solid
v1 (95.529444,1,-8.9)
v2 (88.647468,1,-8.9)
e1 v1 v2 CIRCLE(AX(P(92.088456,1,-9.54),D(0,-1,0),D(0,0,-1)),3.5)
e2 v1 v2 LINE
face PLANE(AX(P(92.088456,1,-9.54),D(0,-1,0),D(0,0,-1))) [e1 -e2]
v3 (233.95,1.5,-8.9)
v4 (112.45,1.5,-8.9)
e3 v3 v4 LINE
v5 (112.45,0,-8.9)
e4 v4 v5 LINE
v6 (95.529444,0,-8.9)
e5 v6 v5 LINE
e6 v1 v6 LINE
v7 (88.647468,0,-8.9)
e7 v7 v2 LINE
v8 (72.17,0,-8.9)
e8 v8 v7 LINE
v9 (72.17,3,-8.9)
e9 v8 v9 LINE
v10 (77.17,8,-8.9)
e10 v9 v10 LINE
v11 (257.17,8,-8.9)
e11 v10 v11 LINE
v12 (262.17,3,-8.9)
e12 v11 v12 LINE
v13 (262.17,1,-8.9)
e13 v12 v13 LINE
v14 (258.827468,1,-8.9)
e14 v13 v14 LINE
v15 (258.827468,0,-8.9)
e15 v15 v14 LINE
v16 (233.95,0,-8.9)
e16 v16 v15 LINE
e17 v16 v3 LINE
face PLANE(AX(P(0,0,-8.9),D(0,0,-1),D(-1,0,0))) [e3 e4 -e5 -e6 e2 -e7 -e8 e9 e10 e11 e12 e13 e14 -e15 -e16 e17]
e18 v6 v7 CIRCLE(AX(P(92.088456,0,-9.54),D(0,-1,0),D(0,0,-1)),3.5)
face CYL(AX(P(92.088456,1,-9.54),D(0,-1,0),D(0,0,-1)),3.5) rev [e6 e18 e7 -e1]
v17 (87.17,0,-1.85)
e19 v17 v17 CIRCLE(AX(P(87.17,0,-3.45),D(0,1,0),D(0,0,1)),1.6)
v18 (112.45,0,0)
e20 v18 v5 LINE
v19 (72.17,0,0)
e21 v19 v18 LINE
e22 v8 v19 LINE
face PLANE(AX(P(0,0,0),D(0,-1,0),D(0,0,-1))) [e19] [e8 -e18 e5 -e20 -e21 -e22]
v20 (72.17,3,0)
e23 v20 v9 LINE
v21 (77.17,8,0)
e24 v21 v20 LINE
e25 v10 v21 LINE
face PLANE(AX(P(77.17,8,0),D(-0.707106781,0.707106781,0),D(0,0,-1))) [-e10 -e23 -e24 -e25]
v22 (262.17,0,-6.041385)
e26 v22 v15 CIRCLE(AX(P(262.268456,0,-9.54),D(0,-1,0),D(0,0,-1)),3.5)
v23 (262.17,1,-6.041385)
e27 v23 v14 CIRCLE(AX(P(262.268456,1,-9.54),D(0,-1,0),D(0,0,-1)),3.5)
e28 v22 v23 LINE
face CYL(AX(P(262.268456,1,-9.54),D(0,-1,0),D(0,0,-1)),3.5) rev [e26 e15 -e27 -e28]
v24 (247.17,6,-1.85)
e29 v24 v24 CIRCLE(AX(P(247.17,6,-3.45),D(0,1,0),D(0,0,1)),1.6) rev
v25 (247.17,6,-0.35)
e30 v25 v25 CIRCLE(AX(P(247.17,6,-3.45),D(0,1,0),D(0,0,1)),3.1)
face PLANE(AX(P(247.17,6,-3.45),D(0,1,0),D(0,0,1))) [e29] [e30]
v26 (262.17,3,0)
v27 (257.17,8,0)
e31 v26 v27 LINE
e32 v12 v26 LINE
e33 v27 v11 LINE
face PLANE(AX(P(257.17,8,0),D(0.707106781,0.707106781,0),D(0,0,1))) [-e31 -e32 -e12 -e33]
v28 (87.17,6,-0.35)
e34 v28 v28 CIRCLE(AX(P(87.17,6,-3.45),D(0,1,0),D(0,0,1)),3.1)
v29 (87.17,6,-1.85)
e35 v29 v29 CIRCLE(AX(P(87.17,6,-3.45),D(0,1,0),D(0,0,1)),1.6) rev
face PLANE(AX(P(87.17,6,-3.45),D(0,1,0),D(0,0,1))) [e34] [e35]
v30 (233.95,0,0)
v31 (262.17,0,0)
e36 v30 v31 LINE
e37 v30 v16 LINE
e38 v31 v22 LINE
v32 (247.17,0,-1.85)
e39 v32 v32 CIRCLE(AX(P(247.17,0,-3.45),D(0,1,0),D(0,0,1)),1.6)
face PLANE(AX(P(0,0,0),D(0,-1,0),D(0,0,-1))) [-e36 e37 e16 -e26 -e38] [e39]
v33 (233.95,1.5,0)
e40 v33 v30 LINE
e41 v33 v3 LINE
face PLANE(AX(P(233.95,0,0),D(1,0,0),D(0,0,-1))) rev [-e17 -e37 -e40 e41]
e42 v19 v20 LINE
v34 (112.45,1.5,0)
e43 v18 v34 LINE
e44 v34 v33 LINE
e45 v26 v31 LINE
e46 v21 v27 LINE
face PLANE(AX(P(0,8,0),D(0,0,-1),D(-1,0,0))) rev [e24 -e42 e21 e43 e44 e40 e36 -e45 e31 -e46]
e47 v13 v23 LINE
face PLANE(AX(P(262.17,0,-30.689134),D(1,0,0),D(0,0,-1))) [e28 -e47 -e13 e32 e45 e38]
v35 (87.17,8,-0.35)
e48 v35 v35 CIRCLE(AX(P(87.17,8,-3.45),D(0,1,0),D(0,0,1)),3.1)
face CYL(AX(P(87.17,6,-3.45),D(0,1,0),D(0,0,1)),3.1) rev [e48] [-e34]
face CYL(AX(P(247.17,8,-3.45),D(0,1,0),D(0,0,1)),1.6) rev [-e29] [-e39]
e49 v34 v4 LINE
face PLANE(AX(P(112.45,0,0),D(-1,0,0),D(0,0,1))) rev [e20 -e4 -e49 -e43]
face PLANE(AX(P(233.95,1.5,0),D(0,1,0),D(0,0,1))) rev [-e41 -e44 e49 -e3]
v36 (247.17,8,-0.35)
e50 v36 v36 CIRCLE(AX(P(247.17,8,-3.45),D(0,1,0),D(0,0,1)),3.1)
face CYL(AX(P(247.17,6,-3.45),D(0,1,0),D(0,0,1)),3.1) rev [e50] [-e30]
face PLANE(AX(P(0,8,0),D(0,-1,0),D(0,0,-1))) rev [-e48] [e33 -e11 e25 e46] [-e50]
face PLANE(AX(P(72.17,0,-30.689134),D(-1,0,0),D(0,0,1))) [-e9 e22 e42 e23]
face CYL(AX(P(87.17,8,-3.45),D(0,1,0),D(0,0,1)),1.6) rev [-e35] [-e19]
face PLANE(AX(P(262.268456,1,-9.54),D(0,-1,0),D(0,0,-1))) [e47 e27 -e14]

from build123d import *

# Parameters (mm, degrees)
SKETCH_1_W              = 337.35
SKETCH_1_H              = 116.87
SKETCH_1_W_2            = 324.05
SKETCH_1_H_2            = 103.07
EXTRUDE_1_DEPTH         = 8
FILLET_1_R              = 5
HOLE_WIZARD_3_2_3_2_1_D = 3.2
SKETCH_5_W              = 32
SKETCH_5_H              = 1.5
CUT_EXTRUDE_1_DEPTH     = 355.911853
EXTRUDE_2_REACH         = 356.912
SKETCH_6_W              = 3
SKETCH_6_H              = 8
SKETCH_7_W              = 257.05
SKETCH_7_H              = 8
EXTRUDE_3_DEPTH         = 4
SKETCH_8_W              = 257.05
SKETCH_8_H              = 4
EXTRUDE_4_DEPTH         = 3
SKETCH_11_W             = 99.07
SKETCH_11_H             = 11
EXTRUDE_5_DEPTH         = 2
SKETCH_13_W             = 42
SKETCH_13_H             = 4.5
CUT_EXTRUDE_2_DEPTH     = 354.692894189
SKETCH_14_W             = 121.5
SKETCH_14_H             = 1.5
CUT_EXTRUDE_3_DEPTH     = 355.911853
SKETCH_16_W             = 32
SKETCH_16_H             = 6.5
EXTRUDE_7_DEPTH         = 4
SKETCH_17_W             = 103.07
SKETCH_17_H             = 3
CUT_EXTRUDE_4_DEPTH     = 0.1
EXTRUDE_8_DEPTH         = 2
SKETCH_19_W             = 70.55
SKETCH_19_H             = 2
SKETCH_19_W_2           = 95
EXTRUDE_9_DEPTH         = 3
SKETCH_20_R             = 3.5
CUT_EXTRUDE_5_DEPTH     = 4
SKETCH_21_R             = 3.1
CUT_EXTRUDE_6_DEPTH     = 2
EXTRUDE_10_DEPTH        = 2
EXTRUDE_10_DEPTH_BACK   = 3
SKETCH_22_W             = 6
SKETCH_22_H             = 6
SKETCH_22_R             = 1.5
SKETCH_23_W             = 10
SKETCH_23_H             = 1.5
SKETCH_23_W_2           = 15
CUT_EXTRUDE_7_DEPTH     = 6.9
SKETCH_24_W             = 103.07
SKETCH_24_H             = 3
CUT_EXTRUDE_8_DEPTH     = 358.110094229
SKETCH_25_W             = 402.768513644
SKETCH_25_H             = 192.082702388
SKETCH_25_W_2           = 190
SKETCH_25_H_2           = 48.964424343
CUT_EXTRUDE_9_DEPTH     = 358.110094229
CHAMFER_1_SIZE          = 5


with BuildPart() as part:
    # 草图1 → 凸台-拉伸1 (new body)
    with BuildSketch(Plane(origin=(0, 0, 0), x_dir=(1, 0, 0), z_dir=(0, 1, 0))):
        with Locations((168.675, 58.435)):
            Rectangle(SKETCH_1_W, SKETCH_1_H)
        with Locations((168.925, 58.435)):
            Rectangle(SKETCH_1_W_2, SKETCH_1_H_2, mode=Mode.SUBTRACT)
    extrude(amount=EXTRUDE_1_DEPTH)

    # 圆角1
    fillet_1_edges = [part.edges().sort_by_distance(p)[0] for p in [
        (0, 4, -116.87),
        (337.35, 4, -116.87),
        (337.35, 4, 0),
        (0, 4, 0),
    ]]
    fillet(fillet_1_edges, radius=FILLET_1_R)

    # Ø3.2 (3.2) 直径孔1 (through all)
    with Locations(Plane(origin=(0, 8, 0), x_dir=(1, 0, 0), z_dir=(0, 1, 0))):
        with Locations((3.45, 98.435), (87.17, 113.42), (247.17, 113.42), (334.15, 98.435), (334.15, 18.435), (247.17, 3.45), (87.17, 3.45), (3.45, 18.435)):
            Hole(HOLE_WIZARD_3_2_3_2_1_D / 2)

    # 草图5 → 切除-拉伸1 (cut, through all)
    with BuildSketch(Plane.XY.offset(-109.97)):
        with Locations((57.9, 0.75)):
            Rectangle(SKETCH_5_W, SKETCH_5_H)
    extrude(amount=-CUT_EXTRUDE_1_DEPTH, mode=Mode.SUBTRACT)

    # 草图6 → 凸台-拉伸2 (add, up to next)
    with BuildSketch(Plane.XY.offset(-109.97), mode=Mode.PRIVATE) as extrude_2_sk1:
        with Locations((40.4, 4)):
            Rectangle(SKETCH_6_W, SKETCH_6_H)
    extrude_2_tool1 = extrude(extrude_2_sk1.sketch, amount=EXTRUDE_2_REACH, mode=Mode.PRIVATE) - part.part
    add(extrude_2_tool1.solids().sort_by_distance((40.4, 4, -109.97))[0])

    # 草图7 → 凸台-拉伸3 (add)
    with BuildSketch(Plane.XY.offset(-109.97)):
        with Locations((202.425, 4)):
            Rectangle(SKETCH_7_W, SKETCH_7_H)
    extrude(amount=EXTRUDE_3_DEPTH)

    # 草图8 → 凸台-拉伸4 (add)
    with BuildSketch(Plane.XZ):
        with Locations((202.425, -107.97)):
            Rectangle(SKETCH_8_W, SKETCH_8_H)
    extrude(amount=EXTRUDE_4_DEPTH)

    # 草图11 → 凸台-拉伸5 (add)
    with BuildSketch(Plane.ZY.offset(-330.95)):
        with Locations((-56.435, 2.5)):
            Rectangle(SKETCH_11_W, SKETCH_11_H)
    extrude(amount=EXTRUDE_5_DEPTH)

    # 草图13 → 切除-拉伸2 (cut, through all)
    with BuildSketch(Plane.XY.offset(-105.97)):
        with Locations((307.95, -0.75)):
            Rectangle(SKETCH_13_W, SKETCH_13_H)
    extrude(amount=-CUT_EXTRUDE_2_DEPTH, mode=Mode.SUBTRACT)

    # 草图14 → 切除-拉伸3 (cut, through all)
    with BuildSketch(Plane(origin=(0, 0, -6.9), x_dir=(-1, 0, 0), z_dir=(0, 0, -1))):
        with Locations((-173.2, 0.75)):
            Rectangle(SKETCH_14_W, SKETCH_14_H)
    extrude(amount=-CUT_EXTRUDE_3_DEPTH, mode=Mode.SUBTRACT)

    # 草图16 → 凸台-拉伸7 (add)
    with BuildSketch(Plane.XY.offset(-109.97)):
        with Locations((57.9, 4.75)):
            Rectangle(SKETCH_16_W, SKETCH_16_H)
    extrude(amount=EXTRUDE_7_DEPTH)

    # 草图17 → 切除-拉伸4 (cut)
    with BuildSketch(Plane(origin=(330.95, 0, 0), x_dir=(0, 0, -1), z_dir=(1, 0, 0))):
        with Locations((58.435, -1.5)):
            Rectangle(SKETCH_17_W, SKETCH_17_H)
    extrude(amount=-CUT_EXTRUDE_4_DEPTH, mode=Mode.SUBTRACT)

    # 草图18 → 凸台-拉伸8 (add)
    with BuildSketch(Plane(origin=(0, 0, -6.9), x_dir=(-1, 0, 0), z_dir=(0, 0, -1))):
        Polygon((-233.95, 0), (-233.95, 1.5), (-112.45, 1.5), (-112.45, 0), (-41.9, 0), (-41.9, 8), (-328.95, 8), (-328.95, 0), align=None)
    extrude(amount=EXTRUDE_8_DEPTH)

    # 草图19 → 凸台-拉伸9 (add)
    with BuildSketch(Plane.XZ):
        with Locations((77.175, -7.9)):
            Rectangle(SKETCH_19_W, SKETCH_19_H)
        with Locations((281.45, -7.9)):
            Rectangle(SKETCH_19_W_2, SKETCH_19_H)
    extrude(amount=EXTRUDE_9_DEPTH)

    # 草图20 → 切除-拉伸5 (cut)
    with BuildSketch(Plane.XZ.offset(3)):
        with Locations((92.088456012, -9.54)):
            Circle(SKETCH_20_R)
        with Locations((262.268456012, -9.54)):
            Circle(SKETCH_20_R)
        with Locations((328.308456012, -13.35)):
            Circle(SKETCH_20_R)
        with Locations((328.308456012, -74.31)):
            Circle(SKETCH_20_R)
        with Locations((137.808456012, -107.33)):
            Circle(SKETCH_20_R)
        with Locations((22.238456012, -9.54)):
            Circle(SKETCH_20_R)
        with Locations((9.538456012, -23.51)):
            Circle(SKETCH_20_R)
        with Locations((9.538456012, -103.52)):
            Circle(SKETCH_20_R)
    extrude(amount=-CUT_EXTRUDE_5_DEPTH, mode=Mode.SUBTRACT)

    # 草图21 → 切除-拉伸6 (cut)
    with BuildSketch(Plane(origin=(0, 8, 0), x_dir=(1, 0, 0), z_dir=(0, 1, 0))):
        with Locations(Location((87.17, 113.42, 0), (0, 0, 270))):
            Circle(SKETCH_21_R)
        with Locations(Location((247.17, 113.42, 0), (0, 0, 270))):
            Circle(SKETCH_21_R)
        with Locations(Location((334.15, 98.435, 0), (0, 0, 270))):
            Circle(SKETCH_21_R)
        with Locations(Location((334.15, 18.435, 0), (0, 0, 270))):
            Circle(SKETCH_21_R)
        with Locations(Location((247.17, 3.45, 0), (0, 0, 270))):
            Circle(SKETCH_21_R)
        with Locations(Location((87.17, 3.45, 0), (0, 0, 270))):
            Circle(SKETCH_21_R)
        with Locations(Location((3.45, 18.435, 0), (0, 0, 270))):
            Circle(SKETCH_21_R)
        with Locations(Location((3.45, 98.435, 0), (0, 0, 270))):
            Circle(SKETCH_21_R)
    extrude(amount=-CUT_EXTRUDE_6_DEPTH, mode=Mode.SUBTRACT)

    # 草图22 → 凸台-拉伸10 (add, two sides: drawn at the far end of the back side and taken through both)
    # profile 1 of 4: a face of its own
    with BuildSketch(Plane(origin=(0, 4, 0), x_dir=(1, 0, 0), z_dir=(0, 1, 0)).offset(-EXTRUDE_10_DEPTH_BACK)):
        with Locations((9.9, 106.97)):
            Rectangle(SKETCH_22_W, SKETCH_22_H)
        with Locations(Location((9.9, 106.97, 0), (0, 0, 90))):
            Circle(SKETCH_22_R, mode=Mode.SUBTRACT)
    # profile 2 of 4: a face of its own
    with BuildSketch(Plane(origin=(0, 4, 0), x_dir=(1, 0, 0), z_dir=(0, 1, 0)).offset(-EXTRUDE_10_DEPTH_BACK)):
        with Locations((35.9, 106.97)):
            Rectangle(SKETCH_22_W, SKETCH_22_H)
        with Locations(Location((35.9, 106.97, 0), (0, 0, 90))):
            Circle(SKETCH_22_R, mode=Mode.SUBTRACT)
    # profile 3 of 4: a face of its own
    with BuildSketch(Plane(origin=(0, 4, 0), x_dir=(1, 0, 0), z_dir=(0, 1, 0)).offset(-EXTRUDE_10_DEPTH_BACK)):
        with Locations((9.9, 9.9)):
            Rectangle(SKETCH_22_W, SKETCH_22_H)
        with Locations(Location((9.9, 9.9, 0), (0, 0, 90))):
            Circle(SKETCH_22_R, mode=Mode.SUBTRACT)
    # profile 4 of 4: a face of its own
    with BuildSketch(Plane(origin=(0, 4, 0), x_dir=(1, 0, 0), z_dir=(0, 1, 0)).offset(-EXTRUDE_10_DEPTH_BACK)):
        with Locations((35.9, 9.9)):
            Rectangle(SKETCH_22_W, SKETCH_22_H)
        with Locations(Location((35.9, 9.9, 0), (0, 0, 90))):
            Circle(SKETCH_22_R, mode=Mode.SUBTRACT)
    extrude(amount=EXTRUDE_10_DEPTH + EXTRUDE_10_DEPTH_BACK)

    # 草图23 → 切除-拉伸7 (cut)
    with BuildSketch(Plane.ZY):
        with Locations((-63.435, 0.75)):
            Rectangle(SKETCH_23_W, SKETCH_23_H)
        with Locations((-50.935, 0.75)):
            Rectangle(SKETCH_23_W_2, SKETCH_23_H)
    extrude(amount=-CUT_EXTRUDE_7_DEPTH, mode=Mode.SUBTRACT)

    # 草图24 → 切除-拉伸8 (cut, through all)
    with BuildSketch(Plane(origin=(337.35, 0, 0), x_dir=(0, 0, -1), z_dir=(1, 0, 0))):
        with Locations((58.435, -1.5)):
            Rectangle(SKETCH_24_W, SKETCH_24_H)
    extrude(amount=-CUT_EXTRUDE_8_DEPTH, mode=Mode.SUBTRACT)

    # 草图25 → 切除-拉伸9 (cut, through all)
    with BuildSketch(Plane(origin=(0, 8, 0), x_dir=(1, 0, 0), z_dir=(0, 1, 0))):
        with Locations((167.276381716, 50.966242561)):
            Rectangle(SKETCH_25_W, SKETCH_25_H)
        with Locations((167.17, 6.206921893)):
            Rectangle(SKETCH_25_W_2, SKETCH_25_H_2, mode=Mode.SUBTRACT)
    extrude(amount=-CUT_EXTRUDE_9_DEPTH, mode=Mode.SUBTRACT)

    # 倒角1
    chamfer_1_edges = [part.edges().sort_by_distance(p)[0] for p in [
        (72.17, 8, -4.45),
        (262.17, 8, -4.45),
    ]]
    chamfer(chamfer_1_edges, length=CHAMFER_1_SIZE)


solid = part.part
